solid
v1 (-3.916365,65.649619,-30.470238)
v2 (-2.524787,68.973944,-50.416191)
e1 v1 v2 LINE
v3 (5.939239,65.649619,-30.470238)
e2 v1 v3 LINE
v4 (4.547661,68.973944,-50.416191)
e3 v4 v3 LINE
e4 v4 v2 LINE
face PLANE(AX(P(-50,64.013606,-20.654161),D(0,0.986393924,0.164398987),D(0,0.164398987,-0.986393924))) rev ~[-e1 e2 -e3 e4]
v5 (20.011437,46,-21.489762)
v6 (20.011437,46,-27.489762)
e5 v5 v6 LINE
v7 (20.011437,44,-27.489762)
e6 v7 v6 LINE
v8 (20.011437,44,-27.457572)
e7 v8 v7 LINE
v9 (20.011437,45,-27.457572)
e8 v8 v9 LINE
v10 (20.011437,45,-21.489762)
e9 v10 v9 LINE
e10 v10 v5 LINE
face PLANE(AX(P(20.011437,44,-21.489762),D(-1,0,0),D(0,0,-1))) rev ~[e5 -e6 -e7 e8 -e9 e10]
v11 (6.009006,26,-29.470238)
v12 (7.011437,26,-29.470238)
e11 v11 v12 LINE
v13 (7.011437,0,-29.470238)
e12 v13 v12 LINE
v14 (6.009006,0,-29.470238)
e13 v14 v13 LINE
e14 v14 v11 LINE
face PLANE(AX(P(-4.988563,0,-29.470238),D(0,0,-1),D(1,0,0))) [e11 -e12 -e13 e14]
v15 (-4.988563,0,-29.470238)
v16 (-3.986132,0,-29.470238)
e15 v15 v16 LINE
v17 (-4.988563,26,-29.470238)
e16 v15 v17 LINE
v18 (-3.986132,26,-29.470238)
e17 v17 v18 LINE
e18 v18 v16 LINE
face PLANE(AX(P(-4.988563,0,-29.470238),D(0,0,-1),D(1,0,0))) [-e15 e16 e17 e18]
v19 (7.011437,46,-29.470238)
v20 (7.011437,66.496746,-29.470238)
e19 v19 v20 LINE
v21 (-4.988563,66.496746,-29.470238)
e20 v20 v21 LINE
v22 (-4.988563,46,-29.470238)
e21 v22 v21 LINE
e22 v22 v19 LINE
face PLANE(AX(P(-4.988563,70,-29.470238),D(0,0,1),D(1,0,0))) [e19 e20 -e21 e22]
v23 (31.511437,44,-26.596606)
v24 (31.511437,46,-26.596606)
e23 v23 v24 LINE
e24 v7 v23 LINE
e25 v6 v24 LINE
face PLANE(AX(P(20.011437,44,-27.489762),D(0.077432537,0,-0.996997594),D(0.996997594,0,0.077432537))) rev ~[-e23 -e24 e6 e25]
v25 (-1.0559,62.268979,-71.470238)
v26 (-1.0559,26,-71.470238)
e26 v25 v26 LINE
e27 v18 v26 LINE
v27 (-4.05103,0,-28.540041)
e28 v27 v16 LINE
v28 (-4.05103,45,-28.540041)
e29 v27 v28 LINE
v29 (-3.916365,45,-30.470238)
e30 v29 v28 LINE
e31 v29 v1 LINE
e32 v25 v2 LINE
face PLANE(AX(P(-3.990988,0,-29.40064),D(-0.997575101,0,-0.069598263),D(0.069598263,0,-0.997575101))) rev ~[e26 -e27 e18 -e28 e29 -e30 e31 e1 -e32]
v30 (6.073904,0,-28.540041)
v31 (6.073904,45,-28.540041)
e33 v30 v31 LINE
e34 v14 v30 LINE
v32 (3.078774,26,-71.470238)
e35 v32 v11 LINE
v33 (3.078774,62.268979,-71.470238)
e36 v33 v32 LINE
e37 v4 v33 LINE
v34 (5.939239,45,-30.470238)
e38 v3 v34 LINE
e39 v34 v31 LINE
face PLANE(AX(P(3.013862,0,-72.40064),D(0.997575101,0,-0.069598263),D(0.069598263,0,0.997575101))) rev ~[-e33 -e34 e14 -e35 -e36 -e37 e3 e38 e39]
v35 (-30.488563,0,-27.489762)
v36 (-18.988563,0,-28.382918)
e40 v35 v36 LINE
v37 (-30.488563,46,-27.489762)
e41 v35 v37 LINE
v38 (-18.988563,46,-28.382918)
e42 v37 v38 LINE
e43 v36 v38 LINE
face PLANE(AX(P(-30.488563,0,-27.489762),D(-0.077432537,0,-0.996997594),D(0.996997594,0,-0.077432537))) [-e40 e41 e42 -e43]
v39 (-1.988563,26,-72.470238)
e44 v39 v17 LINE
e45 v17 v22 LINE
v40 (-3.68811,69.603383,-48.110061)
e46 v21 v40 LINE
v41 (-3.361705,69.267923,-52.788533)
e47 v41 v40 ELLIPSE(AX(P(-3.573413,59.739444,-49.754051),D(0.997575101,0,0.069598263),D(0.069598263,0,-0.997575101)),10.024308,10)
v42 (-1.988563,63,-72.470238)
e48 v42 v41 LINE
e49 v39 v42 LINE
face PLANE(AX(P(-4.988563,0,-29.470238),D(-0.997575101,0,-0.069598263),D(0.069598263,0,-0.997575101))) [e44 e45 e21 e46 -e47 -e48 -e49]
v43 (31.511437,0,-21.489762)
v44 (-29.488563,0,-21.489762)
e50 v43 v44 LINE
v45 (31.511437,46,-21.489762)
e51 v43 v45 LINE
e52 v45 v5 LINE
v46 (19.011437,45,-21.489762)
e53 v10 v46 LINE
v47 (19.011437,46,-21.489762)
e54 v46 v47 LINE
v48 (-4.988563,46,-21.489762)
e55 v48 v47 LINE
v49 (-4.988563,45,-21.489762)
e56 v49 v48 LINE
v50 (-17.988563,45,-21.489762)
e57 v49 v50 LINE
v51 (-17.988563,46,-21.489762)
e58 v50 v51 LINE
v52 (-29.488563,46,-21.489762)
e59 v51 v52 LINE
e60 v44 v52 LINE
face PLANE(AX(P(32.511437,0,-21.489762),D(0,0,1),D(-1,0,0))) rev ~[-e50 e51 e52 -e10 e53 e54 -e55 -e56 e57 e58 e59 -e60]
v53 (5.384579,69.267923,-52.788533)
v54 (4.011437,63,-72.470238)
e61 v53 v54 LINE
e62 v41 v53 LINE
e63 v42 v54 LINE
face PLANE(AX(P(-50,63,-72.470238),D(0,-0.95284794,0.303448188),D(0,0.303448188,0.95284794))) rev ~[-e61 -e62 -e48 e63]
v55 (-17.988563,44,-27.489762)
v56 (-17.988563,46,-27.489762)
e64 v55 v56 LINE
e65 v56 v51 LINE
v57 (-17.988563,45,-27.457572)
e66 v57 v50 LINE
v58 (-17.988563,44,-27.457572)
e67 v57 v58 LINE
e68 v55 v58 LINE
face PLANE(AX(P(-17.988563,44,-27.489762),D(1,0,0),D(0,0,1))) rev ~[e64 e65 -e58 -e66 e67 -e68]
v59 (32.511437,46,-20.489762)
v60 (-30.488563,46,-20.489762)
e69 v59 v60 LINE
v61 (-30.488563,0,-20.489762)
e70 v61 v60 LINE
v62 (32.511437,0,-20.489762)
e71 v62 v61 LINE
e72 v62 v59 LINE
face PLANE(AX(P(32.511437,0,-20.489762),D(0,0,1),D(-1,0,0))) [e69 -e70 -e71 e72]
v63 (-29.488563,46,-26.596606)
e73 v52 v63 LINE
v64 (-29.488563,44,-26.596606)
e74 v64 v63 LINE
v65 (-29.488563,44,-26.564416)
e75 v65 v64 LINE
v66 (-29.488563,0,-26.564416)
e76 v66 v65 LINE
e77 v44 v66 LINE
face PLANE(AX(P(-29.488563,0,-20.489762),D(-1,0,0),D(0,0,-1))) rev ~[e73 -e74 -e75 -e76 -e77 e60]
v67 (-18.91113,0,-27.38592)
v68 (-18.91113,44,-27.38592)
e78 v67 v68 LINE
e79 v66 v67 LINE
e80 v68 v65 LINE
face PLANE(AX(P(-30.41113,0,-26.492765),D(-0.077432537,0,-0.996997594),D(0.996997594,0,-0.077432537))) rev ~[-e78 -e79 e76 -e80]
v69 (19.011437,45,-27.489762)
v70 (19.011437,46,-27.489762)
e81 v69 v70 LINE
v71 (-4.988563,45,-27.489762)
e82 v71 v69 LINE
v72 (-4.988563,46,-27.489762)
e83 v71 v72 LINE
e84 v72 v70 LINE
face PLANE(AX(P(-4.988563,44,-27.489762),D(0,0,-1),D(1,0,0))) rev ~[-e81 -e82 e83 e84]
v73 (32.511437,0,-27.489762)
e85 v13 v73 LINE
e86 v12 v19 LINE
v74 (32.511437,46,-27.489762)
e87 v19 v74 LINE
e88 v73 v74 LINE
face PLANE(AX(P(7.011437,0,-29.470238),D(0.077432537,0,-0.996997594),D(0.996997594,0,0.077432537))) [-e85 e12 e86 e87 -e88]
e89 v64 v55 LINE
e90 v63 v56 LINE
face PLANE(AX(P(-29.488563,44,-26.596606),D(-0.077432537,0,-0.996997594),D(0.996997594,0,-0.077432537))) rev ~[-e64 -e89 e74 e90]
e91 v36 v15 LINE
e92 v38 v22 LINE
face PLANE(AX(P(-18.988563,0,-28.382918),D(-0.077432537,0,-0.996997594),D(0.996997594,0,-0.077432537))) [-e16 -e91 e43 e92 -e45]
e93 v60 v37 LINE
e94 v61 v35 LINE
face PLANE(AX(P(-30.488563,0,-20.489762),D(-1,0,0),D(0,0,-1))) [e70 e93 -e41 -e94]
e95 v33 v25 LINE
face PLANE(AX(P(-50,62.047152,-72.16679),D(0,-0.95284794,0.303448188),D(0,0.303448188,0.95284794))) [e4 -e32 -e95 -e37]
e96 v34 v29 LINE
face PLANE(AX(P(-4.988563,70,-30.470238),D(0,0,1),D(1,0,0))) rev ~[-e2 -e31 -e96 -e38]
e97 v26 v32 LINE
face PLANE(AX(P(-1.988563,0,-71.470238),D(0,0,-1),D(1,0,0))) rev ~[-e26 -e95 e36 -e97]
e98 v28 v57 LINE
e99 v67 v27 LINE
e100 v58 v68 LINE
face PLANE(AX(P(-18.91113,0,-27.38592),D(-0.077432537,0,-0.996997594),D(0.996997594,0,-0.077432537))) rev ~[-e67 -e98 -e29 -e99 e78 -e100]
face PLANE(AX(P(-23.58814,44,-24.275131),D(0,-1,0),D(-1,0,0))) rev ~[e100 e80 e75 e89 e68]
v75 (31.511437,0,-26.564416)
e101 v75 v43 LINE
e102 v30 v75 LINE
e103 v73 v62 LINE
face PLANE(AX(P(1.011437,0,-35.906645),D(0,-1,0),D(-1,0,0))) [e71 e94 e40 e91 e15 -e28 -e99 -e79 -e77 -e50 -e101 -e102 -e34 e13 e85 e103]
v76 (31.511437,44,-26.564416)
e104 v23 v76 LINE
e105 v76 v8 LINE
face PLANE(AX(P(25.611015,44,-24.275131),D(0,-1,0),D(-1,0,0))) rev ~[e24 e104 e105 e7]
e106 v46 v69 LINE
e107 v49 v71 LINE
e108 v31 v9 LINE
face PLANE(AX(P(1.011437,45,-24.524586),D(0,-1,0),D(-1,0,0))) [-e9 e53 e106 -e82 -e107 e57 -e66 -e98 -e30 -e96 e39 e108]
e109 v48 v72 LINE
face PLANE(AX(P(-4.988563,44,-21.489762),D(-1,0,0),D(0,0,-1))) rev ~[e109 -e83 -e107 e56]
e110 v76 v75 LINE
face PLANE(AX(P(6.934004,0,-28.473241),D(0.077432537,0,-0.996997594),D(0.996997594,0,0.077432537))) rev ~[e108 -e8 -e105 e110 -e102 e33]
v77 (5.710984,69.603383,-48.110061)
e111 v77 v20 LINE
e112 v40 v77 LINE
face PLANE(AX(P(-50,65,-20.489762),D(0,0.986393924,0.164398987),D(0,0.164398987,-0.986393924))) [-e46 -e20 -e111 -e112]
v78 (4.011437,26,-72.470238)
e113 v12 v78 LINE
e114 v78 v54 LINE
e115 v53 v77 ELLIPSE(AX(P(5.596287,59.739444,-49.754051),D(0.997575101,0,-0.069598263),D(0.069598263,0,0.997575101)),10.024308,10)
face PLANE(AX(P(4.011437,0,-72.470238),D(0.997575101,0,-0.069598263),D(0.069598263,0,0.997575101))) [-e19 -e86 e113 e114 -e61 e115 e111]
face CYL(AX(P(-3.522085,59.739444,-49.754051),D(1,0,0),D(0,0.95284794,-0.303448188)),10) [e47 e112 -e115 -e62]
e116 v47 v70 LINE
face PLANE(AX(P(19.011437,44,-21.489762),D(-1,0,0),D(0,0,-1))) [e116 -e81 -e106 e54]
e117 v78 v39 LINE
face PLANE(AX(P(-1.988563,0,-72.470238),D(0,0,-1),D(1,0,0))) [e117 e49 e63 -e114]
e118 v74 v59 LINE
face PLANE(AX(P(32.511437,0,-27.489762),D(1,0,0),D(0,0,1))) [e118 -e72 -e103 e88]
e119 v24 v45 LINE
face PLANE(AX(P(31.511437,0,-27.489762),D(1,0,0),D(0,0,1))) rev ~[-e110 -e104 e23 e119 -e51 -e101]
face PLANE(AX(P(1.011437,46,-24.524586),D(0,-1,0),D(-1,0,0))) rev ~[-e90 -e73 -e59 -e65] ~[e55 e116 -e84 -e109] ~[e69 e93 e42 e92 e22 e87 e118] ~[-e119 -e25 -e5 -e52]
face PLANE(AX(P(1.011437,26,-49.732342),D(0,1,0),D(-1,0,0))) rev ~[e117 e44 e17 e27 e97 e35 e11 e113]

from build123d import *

# Parameters (mm, degrees)
BOSS_EXTRUDE1_DEPTH     = 70
CUT_EXTRUDE5_DEPTH      = 24
CUT_EXTRUDE4_DEPTH      = 50
CUT_EXTRUDE4_DEPTH_BACK = 50
SHELL2_T                = -1
FILLET1_R               = 10
CUT_EXTRUDE3_DEPTH      = 26
CUT_EXTRUDE2_DEPTH      = 1
CUT_EXTRUDE2_DEPTH_BACK = 1
SKETCH4_W               = 24
SKETCH4_H               = 6


with BuildPart() as part:
    # Sketch2 → Boss-Extrude1 (new body)
    with BuildSketch(Plane(origin=(0, 0, 0), x_dir=(1, 0, 0), z_dir=(0, 1, 0))):
        Polygon((-18.988562983, 28.382917999), (-4.988562983, 29.470238095), (-1.988562983, 72.470238095), (4.011437017, 72.470238095), (7.011437017, 29.470238095), (32.511437017, 27.489762205), (32.511437017, 20.489762205), (-30.488562983, 20.489762205), (-30.488562983, 27.489762205), align=None)
    extrude(amount=BOSS_EXTRUDE1_DEPTH)

    # Sketch26 → Cut-Extrude5 (cut)
    with BuildSketch(Plane(origin=(0, 70, 0), x_dir=(1, 0, 0), z_dir=(0, 1, 0))):
        Polygon((-4.988562983, 29.470238095), (7.011437017, 29.470238095), (32.511437017, 27.489762205), (32.511437017, 20.489762205), (-30.488562983, 20.489762205), (-30.488562983, 27.489762205), align=None)
    extrude(amount=-CUT_EXTRUDE5_DEPTH, mode=Mode.SUBTRACT)

    # Sketch7 → Cut-Extrude4 (cut, two sides: drawn at the far end of the back side and taken through both)
    with BuildSketch(Plane(origin=(0, 0, 0), x_dir=(0, 0, -1), z_dir=(1, 0, 0)).offset(-CUT_EXTRUDE4_DEPTH_BACK)):
        Polygon((50.489762205, 70), (20.489762205, 70), (20.489762205, 65), align=None)
        Polygon((72.470238095, 70), (50.489762205, 70), (72.470238095, 63), align=None)
    extrude(amount=CUT_EXTRUDE4_DEPTH + CUT_EXTRUDE4_DEPTH_BACK, mode=Mode.SUBTRACT)

    # Shell2
    shell2_openings = [part.faces().sort_by_distance(p)[0] for p in [
        (1.011437017, 0, -34.888692943),
    ]]
    offset(amount=SHELL2_T, openings=shell2_openings, kind=Kind.INTERSECTION)

    # Fillet1
    fillet1_edges = [part.edges().sort_by_distance(p)[0] for p in [
        (1.011437017, 70, -50.489762205),
    ]]
    fillet(fillet1_edges, radius=FILLET1_R)

    # Sketch6 → Cut-Extrude3 (cut)
    with BuildSketch(Plane.XZ):
        Polygon((-4.988562983, -29.470238095), (7.011437017, -29.470238095), (4.011437017, -72.470238095), (-1.988562983, -72.470238095), align=None)
    extrude(amount=-CUT_EXTRUDE3_DEPTH, mode=Mode.SUBTRACT)

    # Sketch4 → Cut-Extrude2 (cut, two sides: drawn at the far end of the back side and taken through both)
    with BuildSketch(Plane(origin=(0, 45, 0), x_dir=(1, 0, 0), z_dir=(0, 1, 0)).offset(-CUT_EXTRUDE2_DEPTH_BACK)):
        Polygon((-29.488562983, 26.596606412), (-17.988562983, 27.489762205), (-17.988562983, 21.489762205), (-29.488562983, 21.489762205), align=None)
        Polygon((31.511437017, 21.489762205), (20.011437017, 21.489762205), (20.011437017, 27.489762205), (31.511437017, 26.596606412), align=None)
        with Locations((7.011437017, 24.489762205)):
            Rectangle(SKETCH4_W, SKETCH4_H)
    extrude(amount=CUT_EXTRUDE2_DEPTH + CUT_EXTRUDE2_DEPTH_BACK, mode=Mode.SUBTRACT)


solid = part.part
